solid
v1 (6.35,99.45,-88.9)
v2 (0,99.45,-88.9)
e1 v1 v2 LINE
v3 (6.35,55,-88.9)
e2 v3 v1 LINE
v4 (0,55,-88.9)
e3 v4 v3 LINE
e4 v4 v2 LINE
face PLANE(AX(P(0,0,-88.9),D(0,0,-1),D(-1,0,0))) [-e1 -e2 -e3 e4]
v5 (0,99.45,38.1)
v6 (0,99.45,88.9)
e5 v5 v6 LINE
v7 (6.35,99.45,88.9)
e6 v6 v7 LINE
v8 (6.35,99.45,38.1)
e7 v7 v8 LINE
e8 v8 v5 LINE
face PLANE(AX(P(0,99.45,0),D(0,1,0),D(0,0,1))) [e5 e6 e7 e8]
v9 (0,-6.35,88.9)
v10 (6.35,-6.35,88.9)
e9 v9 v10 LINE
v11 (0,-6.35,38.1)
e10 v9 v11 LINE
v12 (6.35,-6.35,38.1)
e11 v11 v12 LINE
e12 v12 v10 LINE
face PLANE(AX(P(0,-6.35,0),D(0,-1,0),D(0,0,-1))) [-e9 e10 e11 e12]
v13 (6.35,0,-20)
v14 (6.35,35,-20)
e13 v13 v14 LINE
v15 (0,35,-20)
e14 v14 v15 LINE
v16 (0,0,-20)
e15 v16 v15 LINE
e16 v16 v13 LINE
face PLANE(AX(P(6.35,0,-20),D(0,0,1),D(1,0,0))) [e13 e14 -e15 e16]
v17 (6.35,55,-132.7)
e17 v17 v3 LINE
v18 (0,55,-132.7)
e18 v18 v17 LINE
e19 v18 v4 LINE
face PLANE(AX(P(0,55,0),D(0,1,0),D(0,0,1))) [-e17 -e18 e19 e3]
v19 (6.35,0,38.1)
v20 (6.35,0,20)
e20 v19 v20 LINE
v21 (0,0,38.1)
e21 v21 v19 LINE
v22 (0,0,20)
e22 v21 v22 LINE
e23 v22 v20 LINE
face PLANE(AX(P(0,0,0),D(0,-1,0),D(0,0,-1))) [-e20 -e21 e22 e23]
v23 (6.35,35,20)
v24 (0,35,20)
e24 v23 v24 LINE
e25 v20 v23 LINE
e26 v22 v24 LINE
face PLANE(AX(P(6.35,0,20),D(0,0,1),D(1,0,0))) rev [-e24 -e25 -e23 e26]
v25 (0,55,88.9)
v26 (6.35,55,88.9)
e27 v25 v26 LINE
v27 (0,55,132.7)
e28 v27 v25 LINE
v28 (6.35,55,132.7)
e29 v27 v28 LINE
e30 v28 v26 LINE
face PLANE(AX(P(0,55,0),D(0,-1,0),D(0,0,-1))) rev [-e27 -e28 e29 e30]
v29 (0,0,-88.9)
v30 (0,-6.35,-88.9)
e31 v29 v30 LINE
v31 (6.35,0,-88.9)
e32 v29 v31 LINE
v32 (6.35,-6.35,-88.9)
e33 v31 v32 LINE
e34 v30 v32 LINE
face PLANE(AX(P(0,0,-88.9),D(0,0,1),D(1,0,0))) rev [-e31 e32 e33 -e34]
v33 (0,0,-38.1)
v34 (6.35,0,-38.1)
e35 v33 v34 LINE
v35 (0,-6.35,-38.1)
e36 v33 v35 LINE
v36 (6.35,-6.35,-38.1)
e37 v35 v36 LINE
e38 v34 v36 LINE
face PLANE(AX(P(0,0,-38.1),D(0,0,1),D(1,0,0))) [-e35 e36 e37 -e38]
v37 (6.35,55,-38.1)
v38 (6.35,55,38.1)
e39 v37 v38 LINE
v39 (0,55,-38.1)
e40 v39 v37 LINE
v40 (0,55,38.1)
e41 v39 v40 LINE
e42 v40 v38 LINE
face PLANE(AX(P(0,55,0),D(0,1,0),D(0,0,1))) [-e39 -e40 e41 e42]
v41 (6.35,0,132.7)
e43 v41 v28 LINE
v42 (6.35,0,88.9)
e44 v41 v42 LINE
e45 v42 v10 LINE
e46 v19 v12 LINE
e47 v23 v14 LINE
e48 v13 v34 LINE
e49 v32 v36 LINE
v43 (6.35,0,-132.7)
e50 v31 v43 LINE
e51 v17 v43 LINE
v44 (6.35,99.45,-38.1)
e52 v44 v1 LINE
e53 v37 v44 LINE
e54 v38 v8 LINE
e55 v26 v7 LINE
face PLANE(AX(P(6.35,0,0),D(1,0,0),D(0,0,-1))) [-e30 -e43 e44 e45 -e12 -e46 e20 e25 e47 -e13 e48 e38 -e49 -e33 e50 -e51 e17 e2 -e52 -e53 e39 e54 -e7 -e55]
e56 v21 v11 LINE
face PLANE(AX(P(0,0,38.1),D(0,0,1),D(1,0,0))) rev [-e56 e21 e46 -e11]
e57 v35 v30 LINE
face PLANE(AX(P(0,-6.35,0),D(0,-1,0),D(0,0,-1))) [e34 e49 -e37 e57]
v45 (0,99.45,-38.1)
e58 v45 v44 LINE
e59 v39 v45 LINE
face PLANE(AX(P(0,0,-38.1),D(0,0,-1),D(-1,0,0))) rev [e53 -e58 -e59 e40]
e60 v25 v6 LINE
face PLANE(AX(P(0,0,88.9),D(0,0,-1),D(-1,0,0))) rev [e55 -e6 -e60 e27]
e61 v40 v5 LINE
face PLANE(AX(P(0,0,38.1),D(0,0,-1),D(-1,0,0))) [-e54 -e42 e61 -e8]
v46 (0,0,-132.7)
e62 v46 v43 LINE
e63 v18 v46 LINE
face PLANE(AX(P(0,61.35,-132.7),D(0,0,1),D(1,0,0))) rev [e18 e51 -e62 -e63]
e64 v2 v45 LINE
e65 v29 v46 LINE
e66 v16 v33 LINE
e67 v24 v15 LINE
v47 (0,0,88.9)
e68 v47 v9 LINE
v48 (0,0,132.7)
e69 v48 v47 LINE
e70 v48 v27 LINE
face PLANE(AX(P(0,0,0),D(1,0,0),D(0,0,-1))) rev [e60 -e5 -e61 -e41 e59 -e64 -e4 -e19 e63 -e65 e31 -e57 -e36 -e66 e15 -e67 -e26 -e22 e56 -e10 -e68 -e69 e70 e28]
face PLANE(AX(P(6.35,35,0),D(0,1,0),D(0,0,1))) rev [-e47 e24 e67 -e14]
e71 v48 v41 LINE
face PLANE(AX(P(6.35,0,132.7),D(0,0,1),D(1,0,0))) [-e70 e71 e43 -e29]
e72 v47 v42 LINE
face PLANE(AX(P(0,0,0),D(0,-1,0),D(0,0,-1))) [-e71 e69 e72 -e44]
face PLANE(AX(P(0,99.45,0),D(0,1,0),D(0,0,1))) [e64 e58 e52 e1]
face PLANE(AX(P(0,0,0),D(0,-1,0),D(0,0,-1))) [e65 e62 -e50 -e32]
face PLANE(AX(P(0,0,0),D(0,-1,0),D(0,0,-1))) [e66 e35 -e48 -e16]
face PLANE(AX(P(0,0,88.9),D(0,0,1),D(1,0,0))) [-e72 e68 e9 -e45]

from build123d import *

# Parameters (mm, degrees)
BOSS_EXTRUDE1_DEPTH = 6.35
SKETCH4_W           = 6.35
SKETCH4_H           = 237.700000096
SKETCH4_H_2         = 112.7
BOSS_EXTRUDE2_DEPTH = 6.35
SKETCH5_W           = 6.35
SKETCH5_H           = 390.400000096
BOSS_EXTRUDE3_DEPTH = 6.35
SKETCH6_W           = 125.000000096
SKETCH6_H           = 67.700000012
CUT_EXTRUDE1_DEPTH  = 265.978178443
SKETCH7_W           = 76.2
SKETCH7_H           = 6.35
CUT_EXTRUDE2_DEPTH  = 147.333301068
SKETCH8_W           = 6.35
SKETCH8_H           = 50.8
BOSS_EXTRUDE4_DEPTH = 38.1


with BuildPart() as part:
    # Sketch3 → Boss-Extrude1 (new body)
    with BuildSketch(Plane(origin=(0, 0, 0), x_dir=(0, 0, -1), z_dir=(1, 0, 0))):
        Polygon((-132.7, 55.000000012), (-132.7, 0), (-20, 0), (-20, 35), (20, 35), (20, 0), (257.700000096, 0), (257.700000096, 55.000000012), align=None)
    extrude(amount=BOSS_EXTRUDE1_DEPTH)

    # Sketch4 → Boss-Extrude2 (add)
    with BuildSketch(Plane.XZ):
        with Locations((3.175, -138.850000048)):
            Rectangle(SKETCH4_W, SKETCH4_H)
        with Locations((3.175, 76.35)):
            Rectangle(SKETCH4_W, SKETCH4_H_2)
    extrude(amount=BOSS_EXTRUDE2_DEPTH)

    # Sketch5 → Boss-Extrude3 (add)
    with BuildSketch(Plane(origin=(0, 55.000000012, 0), x_dir=(1, 0, 0), z_dir=(0, 1, 0))):
        with Locations((3.175, 62.500000048)):
            Rectangle(SKETCH5_W, SKETCH5_H)
    extrude(amount=BOSS_EXTRUDE3_DEPTH)

    # Sketch6 → Cut-Extrude1 (cut, through all)
    with BuildSketch(Plane(origin=(6.35, 0, 0), x_dir=(0, 0, -1), z_dir=(1, 0, 0))):
        with Locations((195.200000048, 27.500000006)):
            Rectangle(SKETCH6_W, SKETCH6_H)
    extrude(amount=-CUT_EXTRUDE1_DEPTH, mode=Mode.SUBTRACT)

    # Sketch7 → Cut-Extrude2 (cut, through all)
    with BuildSketch(Plane(origin=(6.35, 0, 0), x_dir=(0, 0, -1), z_dir=(1, 0, 0))):
        Polygon((-88.9, 0), (-126.35, 0), (-132.7, 0), (-132.7, -6.35), (-88.9, -6.35), align=None)
        Polygon((-26.35, 0), (-38.1, 0), (-38.1, -6.35), (-20, -6.35), (-20, 0), align=None)
        Polygon((26.35, 0), (20, 0), (20, -6.35), (38.1, -6.35), (38.1, 0), align=None)
        Polygon((132.7, 0), (126.35, 0), (88.9, 0), (88.9, -6.35), (132.7, -6.35), align=None)
        Polygon((88.9, 61.350000012), (88.9, 55.000000012), (126.35, 55.000000012), (132.7, 55.000000012), (132.7, 61.350000012), align=None)
        with Locations((0, 58.175000012)):
            Rectangle(SKETCH7_W, SKETCH7_H)
        Polygon((-132.7, 55.000000012), (-126.35, 55.000000012), (-88.9, 55.000000012), (-88.9, 61.350000012), (-132.7, 61.350000012), align=None)
    extrude(amount=-CUT_EXTRUDE2_DEPTH, mode=Mode.SUBTRACT)

    # Sketch8 → Boss-Extrude4 (add)
    with BuildSketch(Plane(origin=(0, 61.350000012, 0), x_dir=(1, 0, 0), z_dir=(0, 1, 0))):
        with Locations((3.175, 63.5)):
            Rectangle(SKETCH8_W, SKETCH8_H)
        with Locations((3.175, -63.5)):
            Rectangle(SKETCH8_W, SKETCH8_H)
    extrude(amount=BOSS_EXTRUDE4_DEPTH)


solid = part.part
